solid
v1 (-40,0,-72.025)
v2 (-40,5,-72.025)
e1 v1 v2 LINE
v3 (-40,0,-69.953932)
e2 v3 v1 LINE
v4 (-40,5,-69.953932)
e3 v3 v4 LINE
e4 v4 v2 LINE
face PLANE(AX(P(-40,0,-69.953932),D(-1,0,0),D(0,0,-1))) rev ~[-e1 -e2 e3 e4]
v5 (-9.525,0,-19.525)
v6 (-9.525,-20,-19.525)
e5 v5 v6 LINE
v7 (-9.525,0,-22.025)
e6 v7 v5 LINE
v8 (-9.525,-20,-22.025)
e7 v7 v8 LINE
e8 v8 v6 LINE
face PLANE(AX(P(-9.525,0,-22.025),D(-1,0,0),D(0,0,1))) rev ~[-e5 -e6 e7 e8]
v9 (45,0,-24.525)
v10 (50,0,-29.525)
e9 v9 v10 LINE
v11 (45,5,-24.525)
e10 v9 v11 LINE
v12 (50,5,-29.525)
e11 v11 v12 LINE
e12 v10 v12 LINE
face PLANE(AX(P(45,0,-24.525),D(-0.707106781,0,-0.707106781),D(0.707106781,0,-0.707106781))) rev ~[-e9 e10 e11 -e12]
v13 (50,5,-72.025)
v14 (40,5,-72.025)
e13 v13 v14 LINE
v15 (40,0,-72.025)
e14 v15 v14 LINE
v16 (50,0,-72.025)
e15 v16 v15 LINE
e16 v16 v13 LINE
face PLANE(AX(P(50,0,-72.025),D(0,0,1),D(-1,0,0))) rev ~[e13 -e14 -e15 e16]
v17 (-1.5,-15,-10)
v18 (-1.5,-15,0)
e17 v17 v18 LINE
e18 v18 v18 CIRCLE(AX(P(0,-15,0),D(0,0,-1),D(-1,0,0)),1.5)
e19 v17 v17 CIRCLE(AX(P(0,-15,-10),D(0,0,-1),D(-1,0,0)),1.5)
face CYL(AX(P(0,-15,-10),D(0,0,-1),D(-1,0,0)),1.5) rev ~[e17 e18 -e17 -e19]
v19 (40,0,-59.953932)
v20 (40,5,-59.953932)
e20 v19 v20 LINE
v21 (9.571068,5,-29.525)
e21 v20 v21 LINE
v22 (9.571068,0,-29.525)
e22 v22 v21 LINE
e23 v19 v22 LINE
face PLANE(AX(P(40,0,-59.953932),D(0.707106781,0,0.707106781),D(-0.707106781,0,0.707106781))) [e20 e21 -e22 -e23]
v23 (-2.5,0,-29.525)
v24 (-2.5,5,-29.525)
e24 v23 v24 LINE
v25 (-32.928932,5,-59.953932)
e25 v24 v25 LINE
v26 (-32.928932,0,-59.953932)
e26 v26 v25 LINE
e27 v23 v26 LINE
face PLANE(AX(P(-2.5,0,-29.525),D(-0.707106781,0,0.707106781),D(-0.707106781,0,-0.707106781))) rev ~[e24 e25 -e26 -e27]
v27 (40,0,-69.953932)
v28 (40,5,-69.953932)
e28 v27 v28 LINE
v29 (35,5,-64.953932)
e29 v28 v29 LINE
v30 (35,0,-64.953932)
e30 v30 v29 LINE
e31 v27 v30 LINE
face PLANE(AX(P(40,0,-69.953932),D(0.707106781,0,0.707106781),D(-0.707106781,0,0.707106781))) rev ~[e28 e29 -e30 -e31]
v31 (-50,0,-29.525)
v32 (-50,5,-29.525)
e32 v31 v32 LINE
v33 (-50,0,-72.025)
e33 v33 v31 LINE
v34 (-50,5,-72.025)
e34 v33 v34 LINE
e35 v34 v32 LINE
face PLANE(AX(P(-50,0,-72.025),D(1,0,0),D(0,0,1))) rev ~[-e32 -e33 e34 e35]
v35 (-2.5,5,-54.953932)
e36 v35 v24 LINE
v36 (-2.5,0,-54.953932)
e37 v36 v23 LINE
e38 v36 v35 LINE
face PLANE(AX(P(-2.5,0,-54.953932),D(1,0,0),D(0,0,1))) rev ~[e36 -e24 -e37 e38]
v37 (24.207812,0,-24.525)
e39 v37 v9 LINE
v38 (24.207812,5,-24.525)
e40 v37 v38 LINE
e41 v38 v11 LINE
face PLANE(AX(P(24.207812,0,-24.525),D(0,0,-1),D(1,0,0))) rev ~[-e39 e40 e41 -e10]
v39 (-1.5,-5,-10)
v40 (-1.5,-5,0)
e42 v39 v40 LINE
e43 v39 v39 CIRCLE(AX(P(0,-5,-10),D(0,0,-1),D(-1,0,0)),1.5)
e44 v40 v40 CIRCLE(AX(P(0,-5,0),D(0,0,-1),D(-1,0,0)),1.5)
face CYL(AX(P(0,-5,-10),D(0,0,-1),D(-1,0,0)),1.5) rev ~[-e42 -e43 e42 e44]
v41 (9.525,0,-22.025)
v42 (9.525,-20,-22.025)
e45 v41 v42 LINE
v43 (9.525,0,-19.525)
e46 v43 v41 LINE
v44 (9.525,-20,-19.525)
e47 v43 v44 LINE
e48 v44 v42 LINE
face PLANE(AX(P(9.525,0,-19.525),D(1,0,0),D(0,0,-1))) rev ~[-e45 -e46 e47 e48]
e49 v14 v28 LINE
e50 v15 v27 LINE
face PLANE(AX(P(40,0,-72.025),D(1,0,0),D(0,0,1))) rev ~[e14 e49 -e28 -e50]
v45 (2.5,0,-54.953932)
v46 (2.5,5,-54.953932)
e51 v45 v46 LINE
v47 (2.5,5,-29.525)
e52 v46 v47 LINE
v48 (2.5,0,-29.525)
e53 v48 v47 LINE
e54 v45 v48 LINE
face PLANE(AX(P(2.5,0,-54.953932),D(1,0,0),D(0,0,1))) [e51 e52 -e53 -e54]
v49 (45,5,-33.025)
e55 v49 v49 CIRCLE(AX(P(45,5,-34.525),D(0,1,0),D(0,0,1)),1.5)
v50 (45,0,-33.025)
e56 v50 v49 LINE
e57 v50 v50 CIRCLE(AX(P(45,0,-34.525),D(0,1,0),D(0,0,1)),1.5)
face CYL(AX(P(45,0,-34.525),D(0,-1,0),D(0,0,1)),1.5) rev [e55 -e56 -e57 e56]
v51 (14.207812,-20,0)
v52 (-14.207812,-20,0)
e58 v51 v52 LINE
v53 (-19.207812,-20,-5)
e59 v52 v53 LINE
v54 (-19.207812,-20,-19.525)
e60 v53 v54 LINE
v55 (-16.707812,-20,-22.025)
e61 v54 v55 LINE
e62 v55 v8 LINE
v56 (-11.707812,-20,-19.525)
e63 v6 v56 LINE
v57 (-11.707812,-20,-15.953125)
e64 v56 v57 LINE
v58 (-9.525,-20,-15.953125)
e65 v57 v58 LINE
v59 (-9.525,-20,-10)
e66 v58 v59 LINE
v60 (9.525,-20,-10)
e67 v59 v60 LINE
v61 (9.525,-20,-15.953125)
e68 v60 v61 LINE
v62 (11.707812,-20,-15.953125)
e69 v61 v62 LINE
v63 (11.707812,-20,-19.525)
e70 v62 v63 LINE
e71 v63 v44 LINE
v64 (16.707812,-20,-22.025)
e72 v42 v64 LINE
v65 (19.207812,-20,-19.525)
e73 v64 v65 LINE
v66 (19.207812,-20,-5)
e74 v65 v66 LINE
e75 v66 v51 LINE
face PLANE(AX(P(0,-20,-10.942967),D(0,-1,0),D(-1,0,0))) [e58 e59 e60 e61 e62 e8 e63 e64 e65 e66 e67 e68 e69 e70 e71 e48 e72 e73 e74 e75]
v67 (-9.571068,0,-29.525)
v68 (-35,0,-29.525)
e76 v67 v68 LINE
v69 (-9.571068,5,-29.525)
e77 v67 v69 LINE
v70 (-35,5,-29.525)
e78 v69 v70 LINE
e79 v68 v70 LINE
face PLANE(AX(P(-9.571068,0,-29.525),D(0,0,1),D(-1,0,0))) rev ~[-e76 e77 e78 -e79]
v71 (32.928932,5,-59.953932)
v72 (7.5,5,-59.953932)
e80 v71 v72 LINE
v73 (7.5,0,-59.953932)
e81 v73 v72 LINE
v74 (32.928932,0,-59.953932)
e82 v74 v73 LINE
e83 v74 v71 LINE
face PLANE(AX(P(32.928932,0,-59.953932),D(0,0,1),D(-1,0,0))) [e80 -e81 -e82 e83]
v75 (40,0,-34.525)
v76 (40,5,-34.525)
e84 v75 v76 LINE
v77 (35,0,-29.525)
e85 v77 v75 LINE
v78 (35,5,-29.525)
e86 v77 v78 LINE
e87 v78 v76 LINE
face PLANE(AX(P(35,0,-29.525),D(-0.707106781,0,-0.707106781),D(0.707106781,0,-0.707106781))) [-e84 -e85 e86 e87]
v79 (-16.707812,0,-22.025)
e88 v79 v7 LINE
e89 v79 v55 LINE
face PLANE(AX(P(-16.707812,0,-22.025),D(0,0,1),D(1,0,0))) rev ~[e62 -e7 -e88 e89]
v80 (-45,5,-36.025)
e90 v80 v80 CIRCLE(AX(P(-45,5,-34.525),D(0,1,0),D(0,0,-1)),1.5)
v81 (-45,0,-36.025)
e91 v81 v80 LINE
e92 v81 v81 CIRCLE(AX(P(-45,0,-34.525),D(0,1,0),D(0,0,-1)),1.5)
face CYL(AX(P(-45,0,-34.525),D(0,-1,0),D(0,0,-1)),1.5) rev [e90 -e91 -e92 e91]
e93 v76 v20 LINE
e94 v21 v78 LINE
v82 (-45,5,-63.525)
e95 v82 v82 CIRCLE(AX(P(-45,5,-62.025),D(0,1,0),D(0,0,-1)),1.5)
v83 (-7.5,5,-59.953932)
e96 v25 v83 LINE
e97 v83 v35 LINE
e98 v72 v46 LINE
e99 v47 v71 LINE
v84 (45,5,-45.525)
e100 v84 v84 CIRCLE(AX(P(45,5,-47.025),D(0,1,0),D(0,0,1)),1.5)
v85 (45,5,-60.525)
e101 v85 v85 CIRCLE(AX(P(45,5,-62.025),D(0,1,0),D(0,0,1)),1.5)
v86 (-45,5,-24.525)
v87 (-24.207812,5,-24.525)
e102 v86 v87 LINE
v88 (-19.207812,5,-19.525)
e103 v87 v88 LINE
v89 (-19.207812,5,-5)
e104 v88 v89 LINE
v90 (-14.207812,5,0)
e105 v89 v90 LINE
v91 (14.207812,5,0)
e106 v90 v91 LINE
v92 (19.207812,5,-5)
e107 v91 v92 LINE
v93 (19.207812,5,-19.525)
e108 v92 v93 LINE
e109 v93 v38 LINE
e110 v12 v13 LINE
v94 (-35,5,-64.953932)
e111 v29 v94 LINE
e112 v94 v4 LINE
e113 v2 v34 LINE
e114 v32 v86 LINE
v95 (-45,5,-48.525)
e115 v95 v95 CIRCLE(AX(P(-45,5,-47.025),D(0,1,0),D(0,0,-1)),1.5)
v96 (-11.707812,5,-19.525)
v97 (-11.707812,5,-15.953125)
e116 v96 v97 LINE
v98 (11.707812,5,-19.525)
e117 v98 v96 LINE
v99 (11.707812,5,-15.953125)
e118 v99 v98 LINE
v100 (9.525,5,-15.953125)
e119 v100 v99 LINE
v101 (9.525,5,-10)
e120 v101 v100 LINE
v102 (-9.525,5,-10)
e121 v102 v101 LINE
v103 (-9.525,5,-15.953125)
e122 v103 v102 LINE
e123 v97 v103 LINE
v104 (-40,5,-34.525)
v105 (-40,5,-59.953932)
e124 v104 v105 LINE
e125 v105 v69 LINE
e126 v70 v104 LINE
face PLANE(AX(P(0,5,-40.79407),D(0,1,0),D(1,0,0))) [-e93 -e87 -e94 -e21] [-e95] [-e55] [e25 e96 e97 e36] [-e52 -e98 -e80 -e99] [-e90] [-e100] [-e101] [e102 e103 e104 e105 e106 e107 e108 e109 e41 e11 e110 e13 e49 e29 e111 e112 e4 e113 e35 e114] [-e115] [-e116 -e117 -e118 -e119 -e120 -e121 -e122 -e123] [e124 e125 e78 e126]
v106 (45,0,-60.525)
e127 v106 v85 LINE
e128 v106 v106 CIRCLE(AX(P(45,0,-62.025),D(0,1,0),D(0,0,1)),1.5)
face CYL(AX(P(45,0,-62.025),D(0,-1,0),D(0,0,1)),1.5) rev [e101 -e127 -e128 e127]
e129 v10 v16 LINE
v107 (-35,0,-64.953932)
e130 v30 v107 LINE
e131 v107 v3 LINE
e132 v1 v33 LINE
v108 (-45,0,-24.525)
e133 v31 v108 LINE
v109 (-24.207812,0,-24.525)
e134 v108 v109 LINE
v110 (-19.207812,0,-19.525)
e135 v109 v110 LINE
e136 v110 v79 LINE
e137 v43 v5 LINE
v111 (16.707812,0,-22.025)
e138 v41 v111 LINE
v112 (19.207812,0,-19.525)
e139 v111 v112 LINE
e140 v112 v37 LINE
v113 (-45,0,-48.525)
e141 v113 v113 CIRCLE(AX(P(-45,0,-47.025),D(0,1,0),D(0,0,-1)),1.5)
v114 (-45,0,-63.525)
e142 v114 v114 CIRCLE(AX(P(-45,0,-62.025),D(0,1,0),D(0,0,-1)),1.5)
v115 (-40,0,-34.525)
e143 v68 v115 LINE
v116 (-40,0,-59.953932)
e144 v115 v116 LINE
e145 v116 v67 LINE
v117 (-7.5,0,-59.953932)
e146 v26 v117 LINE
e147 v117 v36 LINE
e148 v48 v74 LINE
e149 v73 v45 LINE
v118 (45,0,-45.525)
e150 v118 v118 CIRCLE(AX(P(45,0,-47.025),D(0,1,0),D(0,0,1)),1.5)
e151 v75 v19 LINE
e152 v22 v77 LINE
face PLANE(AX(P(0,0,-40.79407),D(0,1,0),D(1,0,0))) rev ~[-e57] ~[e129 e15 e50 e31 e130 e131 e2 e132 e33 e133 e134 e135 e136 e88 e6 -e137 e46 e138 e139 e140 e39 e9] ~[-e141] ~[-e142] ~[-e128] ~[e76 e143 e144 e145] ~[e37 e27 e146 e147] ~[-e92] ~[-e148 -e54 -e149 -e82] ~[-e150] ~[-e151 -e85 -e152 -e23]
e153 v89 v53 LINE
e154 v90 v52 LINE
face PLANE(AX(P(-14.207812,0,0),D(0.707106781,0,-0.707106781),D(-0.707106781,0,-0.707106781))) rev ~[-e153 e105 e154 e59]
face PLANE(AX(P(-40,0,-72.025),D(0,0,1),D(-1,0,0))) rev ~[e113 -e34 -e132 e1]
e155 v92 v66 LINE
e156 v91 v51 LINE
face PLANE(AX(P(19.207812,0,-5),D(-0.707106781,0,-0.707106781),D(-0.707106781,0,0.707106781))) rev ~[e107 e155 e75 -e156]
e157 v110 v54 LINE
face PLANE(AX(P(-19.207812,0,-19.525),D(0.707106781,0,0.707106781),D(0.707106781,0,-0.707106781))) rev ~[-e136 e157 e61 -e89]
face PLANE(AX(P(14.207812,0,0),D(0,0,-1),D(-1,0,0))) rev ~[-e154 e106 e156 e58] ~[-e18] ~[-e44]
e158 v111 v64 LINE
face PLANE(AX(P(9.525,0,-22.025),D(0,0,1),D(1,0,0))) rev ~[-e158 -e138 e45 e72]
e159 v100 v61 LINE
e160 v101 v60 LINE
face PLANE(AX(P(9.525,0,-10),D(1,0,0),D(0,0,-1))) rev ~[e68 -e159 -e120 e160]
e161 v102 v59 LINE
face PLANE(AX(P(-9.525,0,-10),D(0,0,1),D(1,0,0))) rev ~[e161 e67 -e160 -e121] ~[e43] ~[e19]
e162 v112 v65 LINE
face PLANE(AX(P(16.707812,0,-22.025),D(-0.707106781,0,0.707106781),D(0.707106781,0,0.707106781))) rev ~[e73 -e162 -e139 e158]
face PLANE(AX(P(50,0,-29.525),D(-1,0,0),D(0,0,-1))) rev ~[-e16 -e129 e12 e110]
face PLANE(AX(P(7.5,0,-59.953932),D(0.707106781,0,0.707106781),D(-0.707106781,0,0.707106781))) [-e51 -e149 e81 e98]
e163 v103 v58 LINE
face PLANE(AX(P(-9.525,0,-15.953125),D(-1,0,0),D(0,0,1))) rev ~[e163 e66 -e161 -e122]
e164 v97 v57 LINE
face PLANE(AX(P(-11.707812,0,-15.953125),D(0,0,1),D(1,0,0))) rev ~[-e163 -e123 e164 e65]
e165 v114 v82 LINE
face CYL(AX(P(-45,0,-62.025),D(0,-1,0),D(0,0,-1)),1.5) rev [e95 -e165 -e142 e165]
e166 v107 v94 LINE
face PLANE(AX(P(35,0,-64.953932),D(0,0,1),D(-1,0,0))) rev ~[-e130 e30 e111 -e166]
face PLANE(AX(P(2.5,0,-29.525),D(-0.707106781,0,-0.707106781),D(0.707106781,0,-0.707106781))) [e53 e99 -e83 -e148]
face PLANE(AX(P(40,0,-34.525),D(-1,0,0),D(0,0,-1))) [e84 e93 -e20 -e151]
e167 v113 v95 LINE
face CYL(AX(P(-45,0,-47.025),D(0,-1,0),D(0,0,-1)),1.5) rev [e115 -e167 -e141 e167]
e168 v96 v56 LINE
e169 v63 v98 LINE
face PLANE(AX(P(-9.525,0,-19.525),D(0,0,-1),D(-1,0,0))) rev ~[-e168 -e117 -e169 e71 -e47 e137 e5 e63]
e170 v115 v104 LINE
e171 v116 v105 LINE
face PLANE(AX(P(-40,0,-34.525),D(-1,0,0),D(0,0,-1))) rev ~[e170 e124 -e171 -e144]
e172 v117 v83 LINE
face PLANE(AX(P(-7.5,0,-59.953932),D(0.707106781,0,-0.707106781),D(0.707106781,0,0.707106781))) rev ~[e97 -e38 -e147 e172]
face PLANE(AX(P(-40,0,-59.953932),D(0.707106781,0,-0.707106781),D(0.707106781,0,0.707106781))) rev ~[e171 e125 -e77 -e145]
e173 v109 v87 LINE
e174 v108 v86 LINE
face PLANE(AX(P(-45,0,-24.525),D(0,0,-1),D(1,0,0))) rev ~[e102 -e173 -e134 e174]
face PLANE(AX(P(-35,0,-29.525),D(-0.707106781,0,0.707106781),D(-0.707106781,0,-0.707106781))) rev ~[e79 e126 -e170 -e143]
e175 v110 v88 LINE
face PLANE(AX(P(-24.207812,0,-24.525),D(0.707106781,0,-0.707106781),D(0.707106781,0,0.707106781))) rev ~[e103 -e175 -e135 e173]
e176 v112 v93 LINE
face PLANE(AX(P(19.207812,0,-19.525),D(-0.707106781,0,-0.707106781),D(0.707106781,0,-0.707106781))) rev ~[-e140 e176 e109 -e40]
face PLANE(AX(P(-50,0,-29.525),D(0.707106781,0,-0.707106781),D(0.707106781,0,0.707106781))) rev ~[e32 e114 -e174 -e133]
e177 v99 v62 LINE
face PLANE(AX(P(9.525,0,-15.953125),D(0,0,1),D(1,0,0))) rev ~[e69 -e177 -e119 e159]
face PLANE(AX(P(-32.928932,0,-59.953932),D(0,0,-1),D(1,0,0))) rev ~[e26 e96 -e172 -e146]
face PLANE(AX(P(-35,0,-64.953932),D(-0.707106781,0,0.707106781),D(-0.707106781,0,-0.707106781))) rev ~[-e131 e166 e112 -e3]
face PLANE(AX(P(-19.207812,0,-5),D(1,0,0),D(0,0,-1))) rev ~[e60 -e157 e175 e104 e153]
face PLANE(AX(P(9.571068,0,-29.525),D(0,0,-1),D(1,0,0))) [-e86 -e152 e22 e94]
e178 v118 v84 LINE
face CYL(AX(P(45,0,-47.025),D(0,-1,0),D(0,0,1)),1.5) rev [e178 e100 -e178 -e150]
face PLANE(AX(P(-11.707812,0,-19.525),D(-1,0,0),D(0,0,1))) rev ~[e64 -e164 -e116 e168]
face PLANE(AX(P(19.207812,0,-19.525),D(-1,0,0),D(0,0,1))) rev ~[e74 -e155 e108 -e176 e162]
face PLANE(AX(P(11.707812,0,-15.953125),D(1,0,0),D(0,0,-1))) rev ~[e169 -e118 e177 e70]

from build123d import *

# Parameters (mm, degrees)
SKETCH1_R           = 1.5
BOSS_EXTRUDE1_DEPTH = 5
BOSS_EXTRUDE2_DEPTH = 20
CUT_EXTRUDE1_REACH  = 84.141
SKETCH3_R           = 1.5


with BuildPart() as part:
    # Sketch1 → Boss-Extrude1 (new body)
    with BuildSketch(Plane(origin=(0, 0, 0), x_dir=(1, 0, 0), z_dir=(0, 1, 0))):
        Polygon((-14.2078125, 0), (14.2078125, 0), (19.2078125, 5), (19.2078125, 19.525), (24.2078125, 24.525), (45, 24.525), (50, 29.525), (50, 72.025), (40, 72.025), (40, 69.953932188), (35, 64.953932188), (-35, 64.953932188), (-40, 69.953932188), (-40, 72.025), (-50, 72.025), (-50, 29.525), (-45, 24.525), (-24.2078125, 24.525), (-19.2078125, 19.525), (-19.2078125, 5), align=None)
        with Locations(Location((45, 34.525, 0), (0, 0, 270))):
            Circle(SKETCH1_R, mode=Mode.SUBTRACT)
        with Locations(Location((45, 47.025, 0), (0, 0, 270))):
            Circle(SKETCH1_R, mode=Mode.SUBTRACT)
        with Locations(Location((45, 62.025, 0), (0, 0, 270))):
            Circle(SKETCH1_R, mode=Mode.SUBTRACT)
        with Locations(Location((-45, 62.025, 0), (0, 0, 90))):
            Circle(SKETCH1_R, mode=Mode.SUBTRACT)
        with Locations(Location((-45, 47.025, 0), (0, 0, 90))):
            Circle(SKETCH1_R, mode=Mode.SUBTRACT)
        with Locations(Location((-45, 34.525, 0), (0, 0, 90))):
            Circle(SKETCH1_R, mode=Mode.SUBTRACT)
        Polygon((-9.525, 10), (9.525, 10), (9.525, 15.953125), (11.7078125, 15.953125), (11.7078125, 19.525), (-11.7078125, 19.525), (-11.7078125, 15.953125), (-9.525, 15.953125), align=None, mode=Mode.SUBTRACT)
        Polygon((2.5, 54.953932188), (2.5, 29.525), (32.928932188, 59.953932188), (7.5, 59.953932188), align=None, mode=Mode.SUBTRACT)
        Polygon((40, 59.953932188), (9.571067812, 29.525), (35, 29.525), (40, 34.525), align=None, mode=Mode.SUBTRACT)
        Polygon((-40, 34.525), (-40, 59.953932188), (-9.571067812, 29.525), (-35, 29.525), align=None, mode=Mode.SUBTRACT)
        Polygon((-2.5, 29.525), (-32.928932188, 59.953932188), (-7.5, 59.953932188), (-2.5, 54.953932188), align=None, mode=Mode.SUBTRACT)
    extrude(amount=BOSS_EXTRUDE1_DEPTH)

    # Sketch2 → Boss-Extrude2 (add)
    with BuildSketch(Plane(origin=(0, 0, 0), x_dir=(1, 0, 0), z_dir=(0, 1, 0))):
        Polygon((19.2078125, 19.525), (19.2078125, 5), (14.2078125, 0), (-14.2078125, 0), (-19.2078125, 5), (-19.2078125, 19.525), (-16.7078125, 22.025), (-9.525, 22.025), (-9.525, 19.525), (-11.7078125, 19.525), (-11.7078125, 15.953125), (-9.525, 15.953125), (-9.525, 10), (9.525, 10), (9.525, 15.953125), (11.7078125, 15.953125), (11.7078125, 19.525), (9.525, 19.525), (9.525, 22.025), (16.7078125, 22.025), align=None)
    extrude(amount=-BOSS_EXTRUDE2_DEPTH)

    # Sketch3 → Cut-Extrude1 (cut, up to next)
    with BuildSketch(Plane(origin=(0, 0, -10), x_dir=(-1, 0, 0), z_dir=(0, 0, -1)), mode=Mode.PRIVATE) as cut_extrude1_sk1:
        with Locations((0, -15)):
            Circle(SKETCH3_R)
    cut_extrude1_tool1 = extrude(cut_extrude1_sk1.sketch, amount=-CUT_EXTRUDE1_REACH, mode=Mode.PRIVATE) & part.part
    # Sketch3 → Cut-Extrude1 (cut, up to next)
    with BuildSketch(Plane(origin=(0, 0, -10), x_dir=(-1, 0, 0), z_dir=(0, 0, -1)), mode=Mode.PRIVATE) as cut_extrude1_sk2:
        with Locations((0, -5)):
            Circle(SKETCH3_R)
    cut_extrude1_tool2 = extrude(cut_extrude1_sk2.sketch, amount=-CUT_EXTRUDE1_REACH, mode=Mode.PRIVATE) & part.part
    add(cut_extrude1_tool1.solids().sort_by_distance((0, -15, -10))[0], mode=Mode.SUBTRACT)
    add(cut_extrude1_tool2.solids().sort_by_distance((0, -5, -10))[0], mode=Mode.SUBTRACT)


solid = part.part
